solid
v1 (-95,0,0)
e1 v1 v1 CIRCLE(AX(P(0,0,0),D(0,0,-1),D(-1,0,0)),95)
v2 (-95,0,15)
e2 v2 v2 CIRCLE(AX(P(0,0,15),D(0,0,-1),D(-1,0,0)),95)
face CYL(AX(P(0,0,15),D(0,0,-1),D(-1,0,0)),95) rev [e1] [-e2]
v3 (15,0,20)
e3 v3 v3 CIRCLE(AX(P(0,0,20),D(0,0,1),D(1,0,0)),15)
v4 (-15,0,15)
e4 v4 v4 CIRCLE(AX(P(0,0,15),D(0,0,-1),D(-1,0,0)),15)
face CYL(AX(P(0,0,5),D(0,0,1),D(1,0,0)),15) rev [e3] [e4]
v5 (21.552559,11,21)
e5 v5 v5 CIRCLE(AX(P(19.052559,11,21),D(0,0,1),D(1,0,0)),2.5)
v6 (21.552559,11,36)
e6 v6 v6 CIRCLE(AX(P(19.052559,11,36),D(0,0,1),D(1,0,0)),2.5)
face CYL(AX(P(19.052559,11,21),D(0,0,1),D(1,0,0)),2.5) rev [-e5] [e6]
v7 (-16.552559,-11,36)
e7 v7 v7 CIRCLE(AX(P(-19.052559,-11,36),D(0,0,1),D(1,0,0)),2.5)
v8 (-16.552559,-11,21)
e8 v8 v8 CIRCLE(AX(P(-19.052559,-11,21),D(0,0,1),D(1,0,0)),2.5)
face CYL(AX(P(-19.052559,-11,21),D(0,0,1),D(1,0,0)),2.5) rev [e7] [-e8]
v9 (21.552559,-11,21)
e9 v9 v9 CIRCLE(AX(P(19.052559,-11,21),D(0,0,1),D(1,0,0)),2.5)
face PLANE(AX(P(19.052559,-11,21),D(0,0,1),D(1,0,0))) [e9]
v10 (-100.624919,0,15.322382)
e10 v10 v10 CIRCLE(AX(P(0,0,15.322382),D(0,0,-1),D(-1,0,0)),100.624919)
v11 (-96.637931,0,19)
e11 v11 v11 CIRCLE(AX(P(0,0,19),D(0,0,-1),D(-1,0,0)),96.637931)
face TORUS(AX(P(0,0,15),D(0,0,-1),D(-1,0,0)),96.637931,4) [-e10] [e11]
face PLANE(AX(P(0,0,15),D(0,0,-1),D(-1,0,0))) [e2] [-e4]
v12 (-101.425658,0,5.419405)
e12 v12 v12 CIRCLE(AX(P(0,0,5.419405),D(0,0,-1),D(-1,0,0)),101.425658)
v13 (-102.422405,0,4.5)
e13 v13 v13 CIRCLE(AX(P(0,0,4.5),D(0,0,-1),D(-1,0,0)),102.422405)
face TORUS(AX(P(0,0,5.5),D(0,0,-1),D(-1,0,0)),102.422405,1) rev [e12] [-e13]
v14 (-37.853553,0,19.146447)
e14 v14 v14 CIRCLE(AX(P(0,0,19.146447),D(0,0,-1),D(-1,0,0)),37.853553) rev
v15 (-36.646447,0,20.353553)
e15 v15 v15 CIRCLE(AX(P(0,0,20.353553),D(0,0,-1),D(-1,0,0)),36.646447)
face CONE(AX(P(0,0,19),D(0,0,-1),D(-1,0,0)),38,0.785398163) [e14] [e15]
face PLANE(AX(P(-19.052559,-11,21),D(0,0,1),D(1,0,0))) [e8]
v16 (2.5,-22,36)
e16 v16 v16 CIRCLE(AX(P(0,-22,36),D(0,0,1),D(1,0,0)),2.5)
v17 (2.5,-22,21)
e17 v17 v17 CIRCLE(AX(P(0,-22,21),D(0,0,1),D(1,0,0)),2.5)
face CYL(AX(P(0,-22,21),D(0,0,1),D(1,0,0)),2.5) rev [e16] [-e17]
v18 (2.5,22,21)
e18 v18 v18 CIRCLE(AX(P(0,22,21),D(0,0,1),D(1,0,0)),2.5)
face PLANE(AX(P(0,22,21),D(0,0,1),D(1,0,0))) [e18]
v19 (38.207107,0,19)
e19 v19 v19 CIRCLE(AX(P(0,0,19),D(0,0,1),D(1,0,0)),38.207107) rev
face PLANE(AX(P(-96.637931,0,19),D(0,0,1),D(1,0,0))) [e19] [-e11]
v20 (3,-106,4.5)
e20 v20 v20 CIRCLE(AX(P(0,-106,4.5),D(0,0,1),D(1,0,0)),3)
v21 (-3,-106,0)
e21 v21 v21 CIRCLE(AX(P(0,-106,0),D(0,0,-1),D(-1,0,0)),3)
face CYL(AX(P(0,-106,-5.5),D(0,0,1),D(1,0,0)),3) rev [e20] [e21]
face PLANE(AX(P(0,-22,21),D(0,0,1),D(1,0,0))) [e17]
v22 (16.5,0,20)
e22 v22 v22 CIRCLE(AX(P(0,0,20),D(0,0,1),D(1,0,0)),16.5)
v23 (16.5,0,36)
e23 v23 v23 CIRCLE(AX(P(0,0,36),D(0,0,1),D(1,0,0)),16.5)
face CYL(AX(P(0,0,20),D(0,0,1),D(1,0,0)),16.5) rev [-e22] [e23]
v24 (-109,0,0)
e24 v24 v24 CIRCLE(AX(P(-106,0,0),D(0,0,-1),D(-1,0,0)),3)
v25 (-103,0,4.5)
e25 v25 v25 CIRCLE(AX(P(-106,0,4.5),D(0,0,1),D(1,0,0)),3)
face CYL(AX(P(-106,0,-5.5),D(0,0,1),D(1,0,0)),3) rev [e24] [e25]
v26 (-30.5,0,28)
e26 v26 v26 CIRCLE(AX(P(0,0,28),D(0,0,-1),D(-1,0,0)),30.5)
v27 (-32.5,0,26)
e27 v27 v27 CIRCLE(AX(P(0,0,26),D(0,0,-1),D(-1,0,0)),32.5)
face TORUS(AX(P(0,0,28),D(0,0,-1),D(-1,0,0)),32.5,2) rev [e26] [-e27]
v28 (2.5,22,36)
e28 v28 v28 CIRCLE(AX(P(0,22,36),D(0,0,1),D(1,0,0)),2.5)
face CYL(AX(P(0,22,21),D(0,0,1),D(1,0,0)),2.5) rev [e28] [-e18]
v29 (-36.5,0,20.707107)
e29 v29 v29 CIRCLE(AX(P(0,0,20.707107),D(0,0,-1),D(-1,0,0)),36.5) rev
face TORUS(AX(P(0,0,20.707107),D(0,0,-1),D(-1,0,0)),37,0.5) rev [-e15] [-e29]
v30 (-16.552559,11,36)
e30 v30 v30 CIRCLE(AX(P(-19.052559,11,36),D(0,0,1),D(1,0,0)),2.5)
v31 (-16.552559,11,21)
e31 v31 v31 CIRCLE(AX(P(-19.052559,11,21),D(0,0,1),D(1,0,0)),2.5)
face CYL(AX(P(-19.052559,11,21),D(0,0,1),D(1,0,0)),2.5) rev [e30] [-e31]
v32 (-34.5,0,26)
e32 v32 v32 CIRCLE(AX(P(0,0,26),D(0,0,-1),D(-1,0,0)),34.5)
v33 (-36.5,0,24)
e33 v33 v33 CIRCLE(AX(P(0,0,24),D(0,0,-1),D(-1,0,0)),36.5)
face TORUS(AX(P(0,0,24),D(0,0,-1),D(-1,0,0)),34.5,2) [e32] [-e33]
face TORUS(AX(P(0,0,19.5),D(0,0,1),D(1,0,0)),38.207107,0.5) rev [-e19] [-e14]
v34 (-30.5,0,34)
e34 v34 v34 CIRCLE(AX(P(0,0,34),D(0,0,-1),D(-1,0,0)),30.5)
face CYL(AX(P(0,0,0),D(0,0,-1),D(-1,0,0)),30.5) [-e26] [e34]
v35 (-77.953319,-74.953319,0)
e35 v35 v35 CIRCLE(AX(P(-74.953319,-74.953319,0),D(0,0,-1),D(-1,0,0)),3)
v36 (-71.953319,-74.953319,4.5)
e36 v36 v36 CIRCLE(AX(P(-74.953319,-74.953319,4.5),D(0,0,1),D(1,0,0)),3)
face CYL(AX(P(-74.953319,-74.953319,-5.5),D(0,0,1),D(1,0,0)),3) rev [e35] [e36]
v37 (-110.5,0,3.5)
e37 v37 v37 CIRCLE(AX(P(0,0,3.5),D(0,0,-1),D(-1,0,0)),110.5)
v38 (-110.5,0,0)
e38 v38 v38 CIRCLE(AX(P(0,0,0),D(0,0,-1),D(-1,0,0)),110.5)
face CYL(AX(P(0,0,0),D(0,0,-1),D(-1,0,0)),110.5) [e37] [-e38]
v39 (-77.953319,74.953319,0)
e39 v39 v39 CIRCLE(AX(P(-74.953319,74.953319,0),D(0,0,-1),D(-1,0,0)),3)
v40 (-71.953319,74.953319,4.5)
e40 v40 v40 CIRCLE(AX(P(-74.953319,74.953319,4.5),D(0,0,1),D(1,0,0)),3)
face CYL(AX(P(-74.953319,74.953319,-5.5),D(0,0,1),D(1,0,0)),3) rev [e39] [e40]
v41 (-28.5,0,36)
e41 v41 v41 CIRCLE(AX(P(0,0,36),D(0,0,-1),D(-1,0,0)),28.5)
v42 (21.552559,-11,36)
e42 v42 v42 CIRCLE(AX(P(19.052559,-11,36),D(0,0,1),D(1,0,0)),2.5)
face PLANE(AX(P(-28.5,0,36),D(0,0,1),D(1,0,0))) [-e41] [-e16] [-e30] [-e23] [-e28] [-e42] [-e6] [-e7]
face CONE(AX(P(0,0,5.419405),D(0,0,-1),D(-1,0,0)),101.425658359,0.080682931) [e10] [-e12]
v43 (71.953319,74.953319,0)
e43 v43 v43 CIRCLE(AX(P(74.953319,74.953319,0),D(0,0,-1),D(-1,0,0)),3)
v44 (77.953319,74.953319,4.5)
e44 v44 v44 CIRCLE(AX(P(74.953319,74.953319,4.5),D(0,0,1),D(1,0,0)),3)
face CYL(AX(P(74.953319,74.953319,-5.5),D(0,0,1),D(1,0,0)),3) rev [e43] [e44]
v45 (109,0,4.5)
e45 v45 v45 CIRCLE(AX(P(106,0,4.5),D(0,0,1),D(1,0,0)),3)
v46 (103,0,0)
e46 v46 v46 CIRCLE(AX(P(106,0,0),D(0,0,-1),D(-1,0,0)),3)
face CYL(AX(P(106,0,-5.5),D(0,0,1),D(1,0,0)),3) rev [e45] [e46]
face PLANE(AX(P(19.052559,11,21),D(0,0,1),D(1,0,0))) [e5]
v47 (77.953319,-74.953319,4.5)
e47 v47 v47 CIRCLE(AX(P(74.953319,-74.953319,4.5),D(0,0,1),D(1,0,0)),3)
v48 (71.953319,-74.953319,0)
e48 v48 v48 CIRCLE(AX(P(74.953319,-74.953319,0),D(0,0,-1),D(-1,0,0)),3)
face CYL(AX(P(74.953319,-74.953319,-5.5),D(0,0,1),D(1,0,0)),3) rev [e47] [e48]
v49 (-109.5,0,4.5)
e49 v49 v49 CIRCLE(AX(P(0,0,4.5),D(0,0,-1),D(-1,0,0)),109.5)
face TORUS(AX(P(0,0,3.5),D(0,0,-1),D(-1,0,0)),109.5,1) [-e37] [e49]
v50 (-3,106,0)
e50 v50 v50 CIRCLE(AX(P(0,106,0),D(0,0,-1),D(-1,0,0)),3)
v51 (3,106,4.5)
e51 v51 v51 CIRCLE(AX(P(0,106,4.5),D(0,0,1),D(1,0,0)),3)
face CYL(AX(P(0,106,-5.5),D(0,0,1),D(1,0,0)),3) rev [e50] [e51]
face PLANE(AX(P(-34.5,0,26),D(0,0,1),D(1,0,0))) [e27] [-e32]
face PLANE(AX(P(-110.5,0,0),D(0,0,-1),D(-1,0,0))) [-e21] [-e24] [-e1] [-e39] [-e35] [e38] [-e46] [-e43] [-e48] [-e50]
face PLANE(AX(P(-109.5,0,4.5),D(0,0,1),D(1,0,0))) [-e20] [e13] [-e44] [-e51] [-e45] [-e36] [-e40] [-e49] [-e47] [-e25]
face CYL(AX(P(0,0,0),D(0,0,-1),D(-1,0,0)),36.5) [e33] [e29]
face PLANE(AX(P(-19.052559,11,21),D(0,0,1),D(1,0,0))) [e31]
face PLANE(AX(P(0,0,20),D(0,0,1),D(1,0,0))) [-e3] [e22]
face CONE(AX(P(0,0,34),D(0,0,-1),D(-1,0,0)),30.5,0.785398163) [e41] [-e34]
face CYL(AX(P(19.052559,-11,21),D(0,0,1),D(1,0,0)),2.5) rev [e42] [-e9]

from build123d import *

# Parameters (mm, degrees)
FILLET_1_R          = 0.5
SKETCH_2_R          = 3
CUT_EXTRUDE_1_DEPTH = 10
SKETCH_3_R          = 16.5
CUT_EXTRUDE_2_DEPTH = 16
SKETCH_4_R          = 2.5
CUT_EXTRUDE_3_DEPTH = 15
SKETCH_5_R          = 95
CUT_EXTRUDE_4_DEPTH = 15
SKETCH_6_R          = 15
CUT_EXTRUDE_5_DEPTH = 15


with BuildPart() as part:
    # Эскиз1 → Повернуть1 (revolve)
    with BuildSketch(Plane(origin=(0, 0, 0), x_dir=(1, 0, 0), z_dir=(0, 1, 0))):
        with BuildLine():
            Line((-110.5, 0), (-110.5, -3.5))
            ThreePointArc((-110.5, -3.5), (-110.207106781, -4.207106781), (-109.5, -4.5))
            Line((-109.5, -4.5), (-102.422405257, -4.5))
            ThreePointArc((-102.422405257, -4.5), (-101.744391769, -4.764950538), (-101.425658359, -5.419404578))
            Line((-101.425658359, -5.419404578), (-100.624918852, -15.322381688))
            ThreePointArc((-100.624918852, -15.322381688), (-99.34998521, -17.940197846), (-96.637931261, -19))
            Line((-96.637931261, -19), (-38, -19))
            Line((-38, -19), (-36.5, -20.5))
            Line((-36.5, -20.5), (-36.5, -24))
            ThreePointArc((-36.5, -24), (-35.914213562, -25.414213562), (-34.5, -26))
            Line((-34.5, -26), (-32.5, -26))
            ThreePointArc((-32.5, -26), (-31.085786438, -26.585786438), (-30.5, -28))
            Line((-30.5, -28), (-30.5, -34))
            Line((-30.5, -34), (-28.5, -36))
            Line((-28.5, -36), (0, -36))
            Line((0, -36), (0, 0))
            Line((0, 0), (-110.5, 0))
        make_face()
    revolve(axis=Axis((0, 0, 0), (0, 0, 1)))

    # Скругление1
    fillet_1_edges = [part.edges().sort_by_distance(p)[0] for p in [
        (38, 0, 19),
        (36.5, 0, 20.5),
    ]]
    fillet(fillet_1_edges, radius=FILLET_1_R)

    # Эскиз2 → Вырез-Вытянуть1 (cut)
    with BuildSketch(Plane.XY.offset(4.5)):
        with Locations((0, 106)):
            Circle(SKETCH_2_R)
        with Locations((74.953318806, 74.953318806)):
            Circle(SKETCH_2_R)
        with Locations((106, 0)):
            Circle(SKETCH_2_R)
        with Locations((74.953318806, -74.953318806)):
            Circle(SKETCH_2_R)
        with Locations((0, -106)):
            Circle(SKETCH_2_R)
        with Locations((-74.953318806, -74.953318806)):
            Circle(SKETCH_2_R)
        with Locations((-106, 0)):
            Circle(SKETCH_2_R)
        with Locations((-74.953318806, 74.953318806)):
            Circle(SKETCH_2_R)
    extrude(amount=-CUT_EXTRUDE_1_DEPTH, mode=Mode.SUBTRACT)

    # Эскиз3 → Вырез-Вытянуть2 (cut)
    with BuildSketch(Plane.XY.offset(36)):
        Circle(SKETCH_3_R)
    extrude(amount=-CUT_EXTRUDE_2_DEPTH, mode=Mode.SUBTRACT)

    # Эскиз4 → Вырез-Вытянуть3 (cut)
    with BuildSketch(Plane.XY.offset(36)):
        with Locations((0, 22)):
            Circle(SKETCH_4_R)
        with Locations((19.052558883, 11)):
            Circle(SKETCH_4_R)
        with Locations((19.052558883, -11)):
            Circle(SKETCH_4_R)
        with Locations((0, -22)):
            Circle(SKETCH_4_R)
        with Locations((-19.052558883, -11)):
            Circle(SKETCH_4_R)
        with Locations((-19.052558883, 11)):
            Circle(SKETCH_4_R)
    extrude(amount=-CUT_EXTRUDE_3_DEPTH, mode=Mode.SUBTRACT)

    # Эскиз5 → Вырез-Вытянуть4 (cut)
    with BuildSketch(Plane(origin=(0, 0, 0), x_dir=(-1, 0, 0), z_dir=(0, 0, -1))):
        Circle(SKETCH_5_R)
    extrude(amount=-CUT_EXTRUDE_4_DEPTH, mode=Mode.SUBTRACT)

    # Эскиз6 → Вырез-Вытянуть5 (cut)
    with BuildSketch(Plane.XY.offset(20)):
        Circle(SKETCH_6_R)
    extrude(amount=-CUT_EXTRUDE_5_DEPTH, mode=Mode.SUBTRACT)


solid = part.part
